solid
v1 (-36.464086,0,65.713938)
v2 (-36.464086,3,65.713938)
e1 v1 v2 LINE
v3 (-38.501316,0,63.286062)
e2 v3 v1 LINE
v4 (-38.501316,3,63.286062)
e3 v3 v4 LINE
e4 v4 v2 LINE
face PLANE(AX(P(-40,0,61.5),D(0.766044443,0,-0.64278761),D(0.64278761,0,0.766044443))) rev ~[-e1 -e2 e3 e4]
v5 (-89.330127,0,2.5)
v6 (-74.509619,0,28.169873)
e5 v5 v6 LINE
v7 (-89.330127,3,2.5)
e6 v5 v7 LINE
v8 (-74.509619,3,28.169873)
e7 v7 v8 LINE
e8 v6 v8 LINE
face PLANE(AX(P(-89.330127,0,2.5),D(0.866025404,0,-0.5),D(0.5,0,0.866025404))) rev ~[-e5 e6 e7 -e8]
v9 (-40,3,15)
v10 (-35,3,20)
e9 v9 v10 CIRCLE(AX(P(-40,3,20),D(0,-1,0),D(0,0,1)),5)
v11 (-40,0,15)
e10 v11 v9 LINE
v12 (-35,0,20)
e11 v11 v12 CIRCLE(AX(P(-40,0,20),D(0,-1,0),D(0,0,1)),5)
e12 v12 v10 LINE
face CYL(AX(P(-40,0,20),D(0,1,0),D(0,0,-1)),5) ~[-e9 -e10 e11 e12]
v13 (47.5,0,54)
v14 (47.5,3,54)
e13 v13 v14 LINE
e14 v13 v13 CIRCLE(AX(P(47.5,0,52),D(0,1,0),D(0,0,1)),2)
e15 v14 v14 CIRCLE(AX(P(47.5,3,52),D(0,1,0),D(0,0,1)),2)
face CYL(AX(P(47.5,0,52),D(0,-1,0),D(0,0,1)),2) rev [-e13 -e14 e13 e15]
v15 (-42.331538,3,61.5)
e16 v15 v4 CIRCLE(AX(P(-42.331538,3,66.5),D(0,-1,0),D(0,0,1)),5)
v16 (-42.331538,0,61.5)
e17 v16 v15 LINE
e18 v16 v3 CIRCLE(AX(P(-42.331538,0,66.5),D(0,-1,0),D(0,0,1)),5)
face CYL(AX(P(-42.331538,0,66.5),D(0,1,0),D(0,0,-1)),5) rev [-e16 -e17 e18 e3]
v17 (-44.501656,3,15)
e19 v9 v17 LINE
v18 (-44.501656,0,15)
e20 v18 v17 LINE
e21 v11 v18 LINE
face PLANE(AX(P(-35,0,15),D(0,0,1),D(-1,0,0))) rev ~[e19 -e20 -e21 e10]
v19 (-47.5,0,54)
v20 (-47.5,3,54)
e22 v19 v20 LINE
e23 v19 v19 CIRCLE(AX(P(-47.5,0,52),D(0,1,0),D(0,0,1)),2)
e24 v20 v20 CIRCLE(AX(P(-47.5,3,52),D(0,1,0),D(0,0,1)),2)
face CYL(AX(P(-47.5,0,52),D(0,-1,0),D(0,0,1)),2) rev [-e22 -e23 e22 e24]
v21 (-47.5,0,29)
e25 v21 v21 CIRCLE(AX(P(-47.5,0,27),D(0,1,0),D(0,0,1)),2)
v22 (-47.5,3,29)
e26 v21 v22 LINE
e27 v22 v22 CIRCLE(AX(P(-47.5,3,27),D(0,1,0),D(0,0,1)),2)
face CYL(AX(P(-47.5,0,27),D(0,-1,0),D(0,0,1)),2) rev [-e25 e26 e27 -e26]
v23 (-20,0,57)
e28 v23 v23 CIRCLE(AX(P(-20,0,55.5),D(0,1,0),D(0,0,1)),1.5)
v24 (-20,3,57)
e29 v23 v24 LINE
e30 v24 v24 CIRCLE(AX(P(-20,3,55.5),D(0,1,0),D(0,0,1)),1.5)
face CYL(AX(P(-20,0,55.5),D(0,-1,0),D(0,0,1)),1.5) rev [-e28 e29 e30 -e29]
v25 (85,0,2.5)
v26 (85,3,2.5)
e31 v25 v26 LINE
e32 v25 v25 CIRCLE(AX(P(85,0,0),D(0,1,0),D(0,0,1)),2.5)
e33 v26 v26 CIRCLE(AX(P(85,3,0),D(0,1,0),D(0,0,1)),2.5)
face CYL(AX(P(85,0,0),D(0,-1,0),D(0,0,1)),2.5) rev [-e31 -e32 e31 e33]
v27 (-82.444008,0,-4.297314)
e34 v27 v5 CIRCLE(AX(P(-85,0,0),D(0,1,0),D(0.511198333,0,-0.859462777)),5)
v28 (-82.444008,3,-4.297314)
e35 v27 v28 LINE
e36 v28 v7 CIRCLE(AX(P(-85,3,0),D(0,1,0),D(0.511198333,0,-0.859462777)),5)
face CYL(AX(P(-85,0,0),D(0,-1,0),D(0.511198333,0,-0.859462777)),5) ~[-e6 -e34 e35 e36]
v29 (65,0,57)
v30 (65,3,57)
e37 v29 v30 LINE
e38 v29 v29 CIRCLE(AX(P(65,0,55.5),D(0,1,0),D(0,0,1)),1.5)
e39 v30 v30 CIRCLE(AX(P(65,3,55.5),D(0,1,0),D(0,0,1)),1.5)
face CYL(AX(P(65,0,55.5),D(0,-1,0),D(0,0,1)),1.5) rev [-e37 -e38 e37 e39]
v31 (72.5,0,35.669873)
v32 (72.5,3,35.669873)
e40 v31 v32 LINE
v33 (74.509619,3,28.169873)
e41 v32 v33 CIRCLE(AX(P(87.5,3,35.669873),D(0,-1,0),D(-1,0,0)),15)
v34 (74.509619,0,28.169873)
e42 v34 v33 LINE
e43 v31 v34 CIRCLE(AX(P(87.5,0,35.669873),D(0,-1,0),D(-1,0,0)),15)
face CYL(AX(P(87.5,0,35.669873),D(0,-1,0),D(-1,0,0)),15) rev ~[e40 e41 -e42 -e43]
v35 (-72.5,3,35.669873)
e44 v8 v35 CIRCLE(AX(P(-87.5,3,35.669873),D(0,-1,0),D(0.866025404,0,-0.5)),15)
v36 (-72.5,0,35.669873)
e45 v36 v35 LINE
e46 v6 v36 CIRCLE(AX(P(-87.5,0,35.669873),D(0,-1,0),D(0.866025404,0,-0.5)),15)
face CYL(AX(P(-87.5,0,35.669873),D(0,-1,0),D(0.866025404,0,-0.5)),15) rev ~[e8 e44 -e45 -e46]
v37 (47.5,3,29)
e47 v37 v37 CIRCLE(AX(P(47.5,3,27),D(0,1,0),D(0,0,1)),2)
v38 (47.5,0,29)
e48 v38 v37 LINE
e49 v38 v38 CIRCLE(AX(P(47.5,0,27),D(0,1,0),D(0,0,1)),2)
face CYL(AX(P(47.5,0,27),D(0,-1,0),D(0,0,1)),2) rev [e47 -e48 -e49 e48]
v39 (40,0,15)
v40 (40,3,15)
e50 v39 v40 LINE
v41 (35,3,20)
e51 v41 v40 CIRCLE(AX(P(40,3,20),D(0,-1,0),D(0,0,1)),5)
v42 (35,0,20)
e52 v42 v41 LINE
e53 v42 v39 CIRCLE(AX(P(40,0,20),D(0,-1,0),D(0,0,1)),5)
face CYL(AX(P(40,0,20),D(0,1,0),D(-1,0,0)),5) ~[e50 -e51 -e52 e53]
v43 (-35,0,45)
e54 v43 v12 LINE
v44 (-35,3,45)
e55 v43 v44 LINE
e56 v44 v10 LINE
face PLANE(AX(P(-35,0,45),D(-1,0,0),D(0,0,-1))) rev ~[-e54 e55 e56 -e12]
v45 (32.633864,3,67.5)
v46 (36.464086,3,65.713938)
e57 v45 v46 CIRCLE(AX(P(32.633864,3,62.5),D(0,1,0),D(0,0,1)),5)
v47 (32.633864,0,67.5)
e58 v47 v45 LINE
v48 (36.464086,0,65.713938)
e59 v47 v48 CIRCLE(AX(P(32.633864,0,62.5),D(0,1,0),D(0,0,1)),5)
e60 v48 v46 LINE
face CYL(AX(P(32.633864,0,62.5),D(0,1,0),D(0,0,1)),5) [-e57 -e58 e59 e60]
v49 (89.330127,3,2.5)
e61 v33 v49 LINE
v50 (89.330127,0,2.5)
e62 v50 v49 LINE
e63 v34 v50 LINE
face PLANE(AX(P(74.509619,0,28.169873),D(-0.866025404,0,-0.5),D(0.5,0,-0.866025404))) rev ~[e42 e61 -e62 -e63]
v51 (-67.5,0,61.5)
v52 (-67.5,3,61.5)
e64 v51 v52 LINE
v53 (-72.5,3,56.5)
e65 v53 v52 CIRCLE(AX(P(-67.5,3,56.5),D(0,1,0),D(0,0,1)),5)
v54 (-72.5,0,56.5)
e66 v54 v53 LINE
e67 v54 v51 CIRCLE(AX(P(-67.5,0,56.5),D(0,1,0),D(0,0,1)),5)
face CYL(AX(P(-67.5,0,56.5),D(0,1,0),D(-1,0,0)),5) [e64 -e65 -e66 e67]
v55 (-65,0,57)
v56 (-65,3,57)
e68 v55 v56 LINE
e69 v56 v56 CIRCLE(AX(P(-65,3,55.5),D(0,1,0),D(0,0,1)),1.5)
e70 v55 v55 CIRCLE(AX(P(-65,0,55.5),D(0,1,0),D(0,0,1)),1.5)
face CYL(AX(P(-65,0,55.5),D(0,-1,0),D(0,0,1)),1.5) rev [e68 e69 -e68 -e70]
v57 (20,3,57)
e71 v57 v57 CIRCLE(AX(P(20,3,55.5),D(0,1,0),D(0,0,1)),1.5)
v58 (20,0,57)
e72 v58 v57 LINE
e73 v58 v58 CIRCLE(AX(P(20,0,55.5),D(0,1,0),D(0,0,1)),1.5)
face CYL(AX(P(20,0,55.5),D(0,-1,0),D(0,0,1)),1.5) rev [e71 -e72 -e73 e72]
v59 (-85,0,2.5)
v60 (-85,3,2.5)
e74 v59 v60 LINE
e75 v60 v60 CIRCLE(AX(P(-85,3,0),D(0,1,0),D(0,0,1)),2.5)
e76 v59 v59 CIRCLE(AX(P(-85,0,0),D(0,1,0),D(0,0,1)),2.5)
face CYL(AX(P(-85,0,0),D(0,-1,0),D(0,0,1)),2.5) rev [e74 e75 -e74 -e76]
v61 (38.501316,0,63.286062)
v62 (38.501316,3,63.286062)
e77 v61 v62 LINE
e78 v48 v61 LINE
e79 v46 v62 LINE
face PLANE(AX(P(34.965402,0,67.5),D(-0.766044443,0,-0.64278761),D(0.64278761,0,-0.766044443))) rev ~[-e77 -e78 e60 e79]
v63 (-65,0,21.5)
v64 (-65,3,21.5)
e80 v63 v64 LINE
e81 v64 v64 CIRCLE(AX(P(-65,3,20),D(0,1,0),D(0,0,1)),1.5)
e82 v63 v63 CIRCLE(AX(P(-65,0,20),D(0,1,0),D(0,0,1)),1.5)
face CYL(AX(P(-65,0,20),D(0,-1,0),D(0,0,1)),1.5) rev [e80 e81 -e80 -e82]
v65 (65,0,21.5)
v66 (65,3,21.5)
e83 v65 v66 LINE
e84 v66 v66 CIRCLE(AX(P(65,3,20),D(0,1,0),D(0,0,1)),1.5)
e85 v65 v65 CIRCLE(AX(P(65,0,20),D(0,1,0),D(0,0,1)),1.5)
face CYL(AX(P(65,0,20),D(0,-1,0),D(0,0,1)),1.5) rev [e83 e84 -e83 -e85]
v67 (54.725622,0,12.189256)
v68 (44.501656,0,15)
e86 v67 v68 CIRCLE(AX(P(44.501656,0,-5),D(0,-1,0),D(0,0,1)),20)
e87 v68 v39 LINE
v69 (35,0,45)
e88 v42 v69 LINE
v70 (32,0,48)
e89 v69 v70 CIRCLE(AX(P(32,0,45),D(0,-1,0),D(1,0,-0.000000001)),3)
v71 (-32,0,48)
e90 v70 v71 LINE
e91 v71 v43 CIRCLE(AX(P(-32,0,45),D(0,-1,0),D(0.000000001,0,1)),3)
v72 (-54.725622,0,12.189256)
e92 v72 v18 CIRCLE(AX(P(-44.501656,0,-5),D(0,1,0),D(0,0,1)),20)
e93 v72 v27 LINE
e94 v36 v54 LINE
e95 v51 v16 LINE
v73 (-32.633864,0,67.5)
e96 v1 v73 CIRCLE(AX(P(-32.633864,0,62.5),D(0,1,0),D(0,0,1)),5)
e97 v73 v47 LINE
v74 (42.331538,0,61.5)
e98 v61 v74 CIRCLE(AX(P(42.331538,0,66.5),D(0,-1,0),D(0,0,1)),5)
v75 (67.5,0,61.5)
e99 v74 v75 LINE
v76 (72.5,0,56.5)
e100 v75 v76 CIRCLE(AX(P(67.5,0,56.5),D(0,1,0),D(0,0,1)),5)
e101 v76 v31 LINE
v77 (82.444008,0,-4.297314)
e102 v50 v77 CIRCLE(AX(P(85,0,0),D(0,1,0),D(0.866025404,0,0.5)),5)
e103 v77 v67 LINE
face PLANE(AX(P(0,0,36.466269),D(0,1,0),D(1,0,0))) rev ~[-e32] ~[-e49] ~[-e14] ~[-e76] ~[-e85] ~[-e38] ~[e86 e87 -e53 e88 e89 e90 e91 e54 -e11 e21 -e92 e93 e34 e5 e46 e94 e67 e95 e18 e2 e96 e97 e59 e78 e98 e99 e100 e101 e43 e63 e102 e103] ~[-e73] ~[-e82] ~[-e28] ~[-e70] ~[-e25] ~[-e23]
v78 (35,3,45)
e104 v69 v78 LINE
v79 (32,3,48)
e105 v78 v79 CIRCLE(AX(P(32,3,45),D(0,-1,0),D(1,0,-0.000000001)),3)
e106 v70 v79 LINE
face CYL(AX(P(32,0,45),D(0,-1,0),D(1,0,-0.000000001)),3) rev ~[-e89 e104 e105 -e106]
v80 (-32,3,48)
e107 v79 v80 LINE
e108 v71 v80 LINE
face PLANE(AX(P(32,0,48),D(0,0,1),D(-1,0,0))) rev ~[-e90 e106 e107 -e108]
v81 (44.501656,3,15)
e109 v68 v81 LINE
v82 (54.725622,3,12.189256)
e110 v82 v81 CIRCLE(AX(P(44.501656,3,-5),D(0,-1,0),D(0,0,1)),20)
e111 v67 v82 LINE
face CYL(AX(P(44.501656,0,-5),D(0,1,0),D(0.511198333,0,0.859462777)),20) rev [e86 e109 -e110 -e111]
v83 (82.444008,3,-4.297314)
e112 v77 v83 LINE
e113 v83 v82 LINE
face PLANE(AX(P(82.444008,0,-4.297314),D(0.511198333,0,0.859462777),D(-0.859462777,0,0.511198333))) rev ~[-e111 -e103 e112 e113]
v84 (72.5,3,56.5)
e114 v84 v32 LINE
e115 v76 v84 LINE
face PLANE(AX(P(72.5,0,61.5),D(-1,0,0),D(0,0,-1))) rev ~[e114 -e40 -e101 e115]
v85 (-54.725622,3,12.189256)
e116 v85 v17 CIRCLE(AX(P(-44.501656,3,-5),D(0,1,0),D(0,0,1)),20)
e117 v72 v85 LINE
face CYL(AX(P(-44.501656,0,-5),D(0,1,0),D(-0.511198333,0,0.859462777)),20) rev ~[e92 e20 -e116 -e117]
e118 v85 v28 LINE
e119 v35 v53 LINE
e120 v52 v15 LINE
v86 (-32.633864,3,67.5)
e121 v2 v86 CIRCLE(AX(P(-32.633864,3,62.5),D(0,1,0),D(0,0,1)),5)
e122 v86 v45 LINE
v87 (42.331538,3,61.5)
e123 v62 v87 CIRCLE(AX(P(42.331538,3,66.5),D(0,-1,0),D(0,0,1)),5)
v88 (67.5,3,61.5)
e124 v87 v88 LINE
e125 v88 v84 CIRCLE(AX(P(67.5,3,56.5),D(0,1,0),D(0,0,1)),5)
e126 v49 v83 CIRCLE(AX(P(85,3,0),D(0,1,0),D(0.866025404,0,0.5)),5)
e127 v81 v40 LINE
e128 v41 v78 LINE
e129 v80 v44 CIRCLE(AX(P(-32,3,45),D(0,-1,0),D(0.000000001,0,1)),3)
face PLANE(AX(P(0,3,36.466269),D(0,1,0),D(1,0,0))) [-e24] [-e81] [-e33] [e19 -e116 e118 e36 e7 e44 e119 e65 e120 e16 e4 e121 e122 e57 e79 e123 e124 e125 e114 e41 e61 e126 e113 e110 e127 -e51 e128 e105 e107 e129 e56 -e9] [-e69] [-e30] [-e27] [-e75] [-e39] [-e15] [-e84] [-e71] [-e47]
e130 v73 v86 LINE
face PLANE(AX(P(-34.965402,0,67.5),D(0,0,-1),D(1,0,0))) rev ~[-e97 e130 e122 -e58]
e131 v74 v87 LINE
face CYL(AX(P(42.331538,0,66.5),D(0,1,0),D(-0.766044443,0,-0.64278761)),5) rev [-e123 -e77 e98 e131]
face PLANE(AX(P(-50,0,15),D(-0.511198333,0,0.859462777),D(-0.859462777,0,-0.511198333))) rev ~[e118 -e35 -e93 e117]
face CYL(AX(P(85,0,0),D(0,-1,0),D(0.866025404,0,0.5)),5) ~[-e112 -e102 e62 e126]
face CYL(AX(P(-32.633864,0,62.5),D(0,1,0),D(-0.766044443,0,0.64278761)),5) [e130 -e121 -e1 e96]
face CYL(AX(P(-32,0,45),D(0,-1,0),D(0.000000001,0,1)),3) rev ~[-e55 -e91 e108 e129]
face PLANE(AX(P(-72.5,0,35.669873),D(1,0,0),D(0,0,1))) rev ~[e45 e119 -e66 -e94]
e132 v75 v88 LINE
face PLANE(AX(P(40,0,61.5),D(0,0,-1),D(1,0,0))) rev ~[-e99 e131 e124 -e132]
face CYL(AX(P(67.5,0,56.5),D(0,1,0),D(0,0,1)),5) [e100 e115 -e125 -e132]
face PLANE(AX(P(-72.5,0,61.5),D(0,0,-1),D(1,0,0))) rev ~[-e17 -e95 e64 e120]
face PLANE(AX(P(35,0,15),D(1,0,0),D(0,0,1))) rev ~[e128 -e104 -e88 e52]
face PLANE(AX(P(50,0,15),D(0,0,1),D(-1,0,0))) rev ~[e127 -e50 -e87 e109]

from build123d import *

# Parameters (mm, degrees)
SKETCH_1_R      = 2.5
SKETCH_1_R_2    = 2
SKETCH_1_R_3    = 1.5
EXTRUDE_1_DEPTH = 3
FILLET_1_R      = 20
FILLET_2_R      = 5


with BuildPart() as part:
    # 草图1 → 凸台-拉伸1 (new body)
    with BuildSketch(Plane(origin=(0, 0, 0), x_dir=(1, 0, 0), z_dir=(0, 1, 0))):
        with BuildLine():
            Line((-72.5, -61.5), (-40, -61.5))
            Line((-40, -61.5), (-34.965402213, -67.5))
            Line((-34.965402213, -67.5), (34.965402213, -67.5))
            Line((34.965402213, -67.5), (40, -61.5))
            Line((40, -61.5), (72.5, -61.5))
            Line((72.5, -61.5), (72.5, -35.669872981))
            ThreePointArc((72.5, -35.669872981), (73.011112606, -31.787587305), (74.509618943, -28.169872981))
            Line((74.509618943, -28.169872981), (89.330127019, -2.5))
            ThreePointArc((89.330127019, -2.5), (88.512514494, 3.558404408), (82.444008336, 4.297313883))
            Line((82.444008336, 4.297313883), (50, -15))
            Line((50, -15), (35, -15))
            Line((35, -15), (35, -45))
            ThreePointArc((35, -45), (34.121320344, -47.121320344), (32, -48))
            Line((32, -48), (-32, -48))
            ThreePointArc((-32, -48), (-34.121320344, -47.121320344), (-35, -45))
            Line((-35, -45), (-35, -15))
            Line((-35, -15), (-50, -15))
            Line((-50, -15), (-82.444008336, 4.297313883))
            ThreePointArc((-82.444008336, 4.297313883), (-88.512514494, 3.558404408), (-89.330127019, -2.5))
            Line((-89.330127019, -2.5), (-74.509618943, -28.169872981))
            ThreePointArc((-74.509618943, -28.169872981), (-73.011112606, -31.787587305), (-72.5, -35.669872981))
            Line((-72.5, -35.669872981), (-72.5, -61.5))
        make_face()
        with Locations(Location((85, 0, 0), (0, 0, 270))):
            Circle(SKETCH_1_R, mode=Mode.SUBTRACT)
        with Locations(Location((-85, 0, 0), (0, 0, 270))):
            Circle(SKETCH_1_R, mode=Mode.SUBTRACT)
        with Locations(Location((47.5, -27, 0), (0, 0, 270))):
            Circle(SKETCH_1_R_2, mode=Mode.SUBTRACT)
        with Locations(Location((47.5, -52, 0), (0, 0, 270))):
            Circle(SKETCH_1_R_2, mode=Mode.SUBTRACT)
        with Locations(Location((-47.5, -52, 0), (0, 0, 270))):
            Circle(SKETCH_1_R_2, mode=Mode.SUBTRACT)
        with Locations(Location((-47.5, -27, 0), (0, 0, 270))):
            Circle(SKETCH_1_R_2, mode=Mode.SUBTRACT)
        with Locations(Location((-20, -55.5, 0), (0, 0, 270))):
            Circle(SKETCH_1_R_3, mode=Mode.SUBTRACT)
        with Locations(Location((20, -55.5, 0), (0, 0, 270))):
            Circle(SKETCH_1_R_3, mode=Mode.SUBTRACT)
        with Locations(Location((65, -55.5, 0), (0, 0, 270))):
            Circle(SKETCH_1_R_3, mode=Mode.SUBTRACT)
        with Locations(Location((-65, -55.5, 0), (0, 0, 270))):
            Circle(SKETCH_1_R_3, mode=Mode.SUBTRACT)
        with Locations(Location((65, -20, 0), (0, 0, 270))):
            Circle(SKETCH_1_R_3, mode=Mode.SUBTRACT)
        with Locations(Location((-65, -20, 0), (0, 0, 270))):
            Circle(SKETCH_1_R_3, mode=Mode.SUBTRACT)
    extrude(amount=EXTRUDE_1_DEPTH)

    # 圆角1
    fillet_1_edges = [part.edges().sort_by_distance(p)[0] for p in [
        (50, 1.5, 15),
        (-50, 1.5, 15),
    ]]
    fillet(fillet_1_edges, radius=FILLET_1_R)

    # 圆角2
    fillet_2_edges = [part.edges().sort_by_distance(p)[0] for p in [
        (-35, 1.5, 15),
        (35, 1.5, 15),
        (72.5, 1.5, 61.5),
        (40, 1.5, 61.5),
        (34.965402213, 1.5, 67.5),
        (-34.965402213, 1.5, 67.5),
        (-40, 1.5, 61.5),
        (-72.5, 1.5, 61.5),
    ]]
    fillet(fillet_2_edges, radius=FILLET_2_R)


solid = part.part
